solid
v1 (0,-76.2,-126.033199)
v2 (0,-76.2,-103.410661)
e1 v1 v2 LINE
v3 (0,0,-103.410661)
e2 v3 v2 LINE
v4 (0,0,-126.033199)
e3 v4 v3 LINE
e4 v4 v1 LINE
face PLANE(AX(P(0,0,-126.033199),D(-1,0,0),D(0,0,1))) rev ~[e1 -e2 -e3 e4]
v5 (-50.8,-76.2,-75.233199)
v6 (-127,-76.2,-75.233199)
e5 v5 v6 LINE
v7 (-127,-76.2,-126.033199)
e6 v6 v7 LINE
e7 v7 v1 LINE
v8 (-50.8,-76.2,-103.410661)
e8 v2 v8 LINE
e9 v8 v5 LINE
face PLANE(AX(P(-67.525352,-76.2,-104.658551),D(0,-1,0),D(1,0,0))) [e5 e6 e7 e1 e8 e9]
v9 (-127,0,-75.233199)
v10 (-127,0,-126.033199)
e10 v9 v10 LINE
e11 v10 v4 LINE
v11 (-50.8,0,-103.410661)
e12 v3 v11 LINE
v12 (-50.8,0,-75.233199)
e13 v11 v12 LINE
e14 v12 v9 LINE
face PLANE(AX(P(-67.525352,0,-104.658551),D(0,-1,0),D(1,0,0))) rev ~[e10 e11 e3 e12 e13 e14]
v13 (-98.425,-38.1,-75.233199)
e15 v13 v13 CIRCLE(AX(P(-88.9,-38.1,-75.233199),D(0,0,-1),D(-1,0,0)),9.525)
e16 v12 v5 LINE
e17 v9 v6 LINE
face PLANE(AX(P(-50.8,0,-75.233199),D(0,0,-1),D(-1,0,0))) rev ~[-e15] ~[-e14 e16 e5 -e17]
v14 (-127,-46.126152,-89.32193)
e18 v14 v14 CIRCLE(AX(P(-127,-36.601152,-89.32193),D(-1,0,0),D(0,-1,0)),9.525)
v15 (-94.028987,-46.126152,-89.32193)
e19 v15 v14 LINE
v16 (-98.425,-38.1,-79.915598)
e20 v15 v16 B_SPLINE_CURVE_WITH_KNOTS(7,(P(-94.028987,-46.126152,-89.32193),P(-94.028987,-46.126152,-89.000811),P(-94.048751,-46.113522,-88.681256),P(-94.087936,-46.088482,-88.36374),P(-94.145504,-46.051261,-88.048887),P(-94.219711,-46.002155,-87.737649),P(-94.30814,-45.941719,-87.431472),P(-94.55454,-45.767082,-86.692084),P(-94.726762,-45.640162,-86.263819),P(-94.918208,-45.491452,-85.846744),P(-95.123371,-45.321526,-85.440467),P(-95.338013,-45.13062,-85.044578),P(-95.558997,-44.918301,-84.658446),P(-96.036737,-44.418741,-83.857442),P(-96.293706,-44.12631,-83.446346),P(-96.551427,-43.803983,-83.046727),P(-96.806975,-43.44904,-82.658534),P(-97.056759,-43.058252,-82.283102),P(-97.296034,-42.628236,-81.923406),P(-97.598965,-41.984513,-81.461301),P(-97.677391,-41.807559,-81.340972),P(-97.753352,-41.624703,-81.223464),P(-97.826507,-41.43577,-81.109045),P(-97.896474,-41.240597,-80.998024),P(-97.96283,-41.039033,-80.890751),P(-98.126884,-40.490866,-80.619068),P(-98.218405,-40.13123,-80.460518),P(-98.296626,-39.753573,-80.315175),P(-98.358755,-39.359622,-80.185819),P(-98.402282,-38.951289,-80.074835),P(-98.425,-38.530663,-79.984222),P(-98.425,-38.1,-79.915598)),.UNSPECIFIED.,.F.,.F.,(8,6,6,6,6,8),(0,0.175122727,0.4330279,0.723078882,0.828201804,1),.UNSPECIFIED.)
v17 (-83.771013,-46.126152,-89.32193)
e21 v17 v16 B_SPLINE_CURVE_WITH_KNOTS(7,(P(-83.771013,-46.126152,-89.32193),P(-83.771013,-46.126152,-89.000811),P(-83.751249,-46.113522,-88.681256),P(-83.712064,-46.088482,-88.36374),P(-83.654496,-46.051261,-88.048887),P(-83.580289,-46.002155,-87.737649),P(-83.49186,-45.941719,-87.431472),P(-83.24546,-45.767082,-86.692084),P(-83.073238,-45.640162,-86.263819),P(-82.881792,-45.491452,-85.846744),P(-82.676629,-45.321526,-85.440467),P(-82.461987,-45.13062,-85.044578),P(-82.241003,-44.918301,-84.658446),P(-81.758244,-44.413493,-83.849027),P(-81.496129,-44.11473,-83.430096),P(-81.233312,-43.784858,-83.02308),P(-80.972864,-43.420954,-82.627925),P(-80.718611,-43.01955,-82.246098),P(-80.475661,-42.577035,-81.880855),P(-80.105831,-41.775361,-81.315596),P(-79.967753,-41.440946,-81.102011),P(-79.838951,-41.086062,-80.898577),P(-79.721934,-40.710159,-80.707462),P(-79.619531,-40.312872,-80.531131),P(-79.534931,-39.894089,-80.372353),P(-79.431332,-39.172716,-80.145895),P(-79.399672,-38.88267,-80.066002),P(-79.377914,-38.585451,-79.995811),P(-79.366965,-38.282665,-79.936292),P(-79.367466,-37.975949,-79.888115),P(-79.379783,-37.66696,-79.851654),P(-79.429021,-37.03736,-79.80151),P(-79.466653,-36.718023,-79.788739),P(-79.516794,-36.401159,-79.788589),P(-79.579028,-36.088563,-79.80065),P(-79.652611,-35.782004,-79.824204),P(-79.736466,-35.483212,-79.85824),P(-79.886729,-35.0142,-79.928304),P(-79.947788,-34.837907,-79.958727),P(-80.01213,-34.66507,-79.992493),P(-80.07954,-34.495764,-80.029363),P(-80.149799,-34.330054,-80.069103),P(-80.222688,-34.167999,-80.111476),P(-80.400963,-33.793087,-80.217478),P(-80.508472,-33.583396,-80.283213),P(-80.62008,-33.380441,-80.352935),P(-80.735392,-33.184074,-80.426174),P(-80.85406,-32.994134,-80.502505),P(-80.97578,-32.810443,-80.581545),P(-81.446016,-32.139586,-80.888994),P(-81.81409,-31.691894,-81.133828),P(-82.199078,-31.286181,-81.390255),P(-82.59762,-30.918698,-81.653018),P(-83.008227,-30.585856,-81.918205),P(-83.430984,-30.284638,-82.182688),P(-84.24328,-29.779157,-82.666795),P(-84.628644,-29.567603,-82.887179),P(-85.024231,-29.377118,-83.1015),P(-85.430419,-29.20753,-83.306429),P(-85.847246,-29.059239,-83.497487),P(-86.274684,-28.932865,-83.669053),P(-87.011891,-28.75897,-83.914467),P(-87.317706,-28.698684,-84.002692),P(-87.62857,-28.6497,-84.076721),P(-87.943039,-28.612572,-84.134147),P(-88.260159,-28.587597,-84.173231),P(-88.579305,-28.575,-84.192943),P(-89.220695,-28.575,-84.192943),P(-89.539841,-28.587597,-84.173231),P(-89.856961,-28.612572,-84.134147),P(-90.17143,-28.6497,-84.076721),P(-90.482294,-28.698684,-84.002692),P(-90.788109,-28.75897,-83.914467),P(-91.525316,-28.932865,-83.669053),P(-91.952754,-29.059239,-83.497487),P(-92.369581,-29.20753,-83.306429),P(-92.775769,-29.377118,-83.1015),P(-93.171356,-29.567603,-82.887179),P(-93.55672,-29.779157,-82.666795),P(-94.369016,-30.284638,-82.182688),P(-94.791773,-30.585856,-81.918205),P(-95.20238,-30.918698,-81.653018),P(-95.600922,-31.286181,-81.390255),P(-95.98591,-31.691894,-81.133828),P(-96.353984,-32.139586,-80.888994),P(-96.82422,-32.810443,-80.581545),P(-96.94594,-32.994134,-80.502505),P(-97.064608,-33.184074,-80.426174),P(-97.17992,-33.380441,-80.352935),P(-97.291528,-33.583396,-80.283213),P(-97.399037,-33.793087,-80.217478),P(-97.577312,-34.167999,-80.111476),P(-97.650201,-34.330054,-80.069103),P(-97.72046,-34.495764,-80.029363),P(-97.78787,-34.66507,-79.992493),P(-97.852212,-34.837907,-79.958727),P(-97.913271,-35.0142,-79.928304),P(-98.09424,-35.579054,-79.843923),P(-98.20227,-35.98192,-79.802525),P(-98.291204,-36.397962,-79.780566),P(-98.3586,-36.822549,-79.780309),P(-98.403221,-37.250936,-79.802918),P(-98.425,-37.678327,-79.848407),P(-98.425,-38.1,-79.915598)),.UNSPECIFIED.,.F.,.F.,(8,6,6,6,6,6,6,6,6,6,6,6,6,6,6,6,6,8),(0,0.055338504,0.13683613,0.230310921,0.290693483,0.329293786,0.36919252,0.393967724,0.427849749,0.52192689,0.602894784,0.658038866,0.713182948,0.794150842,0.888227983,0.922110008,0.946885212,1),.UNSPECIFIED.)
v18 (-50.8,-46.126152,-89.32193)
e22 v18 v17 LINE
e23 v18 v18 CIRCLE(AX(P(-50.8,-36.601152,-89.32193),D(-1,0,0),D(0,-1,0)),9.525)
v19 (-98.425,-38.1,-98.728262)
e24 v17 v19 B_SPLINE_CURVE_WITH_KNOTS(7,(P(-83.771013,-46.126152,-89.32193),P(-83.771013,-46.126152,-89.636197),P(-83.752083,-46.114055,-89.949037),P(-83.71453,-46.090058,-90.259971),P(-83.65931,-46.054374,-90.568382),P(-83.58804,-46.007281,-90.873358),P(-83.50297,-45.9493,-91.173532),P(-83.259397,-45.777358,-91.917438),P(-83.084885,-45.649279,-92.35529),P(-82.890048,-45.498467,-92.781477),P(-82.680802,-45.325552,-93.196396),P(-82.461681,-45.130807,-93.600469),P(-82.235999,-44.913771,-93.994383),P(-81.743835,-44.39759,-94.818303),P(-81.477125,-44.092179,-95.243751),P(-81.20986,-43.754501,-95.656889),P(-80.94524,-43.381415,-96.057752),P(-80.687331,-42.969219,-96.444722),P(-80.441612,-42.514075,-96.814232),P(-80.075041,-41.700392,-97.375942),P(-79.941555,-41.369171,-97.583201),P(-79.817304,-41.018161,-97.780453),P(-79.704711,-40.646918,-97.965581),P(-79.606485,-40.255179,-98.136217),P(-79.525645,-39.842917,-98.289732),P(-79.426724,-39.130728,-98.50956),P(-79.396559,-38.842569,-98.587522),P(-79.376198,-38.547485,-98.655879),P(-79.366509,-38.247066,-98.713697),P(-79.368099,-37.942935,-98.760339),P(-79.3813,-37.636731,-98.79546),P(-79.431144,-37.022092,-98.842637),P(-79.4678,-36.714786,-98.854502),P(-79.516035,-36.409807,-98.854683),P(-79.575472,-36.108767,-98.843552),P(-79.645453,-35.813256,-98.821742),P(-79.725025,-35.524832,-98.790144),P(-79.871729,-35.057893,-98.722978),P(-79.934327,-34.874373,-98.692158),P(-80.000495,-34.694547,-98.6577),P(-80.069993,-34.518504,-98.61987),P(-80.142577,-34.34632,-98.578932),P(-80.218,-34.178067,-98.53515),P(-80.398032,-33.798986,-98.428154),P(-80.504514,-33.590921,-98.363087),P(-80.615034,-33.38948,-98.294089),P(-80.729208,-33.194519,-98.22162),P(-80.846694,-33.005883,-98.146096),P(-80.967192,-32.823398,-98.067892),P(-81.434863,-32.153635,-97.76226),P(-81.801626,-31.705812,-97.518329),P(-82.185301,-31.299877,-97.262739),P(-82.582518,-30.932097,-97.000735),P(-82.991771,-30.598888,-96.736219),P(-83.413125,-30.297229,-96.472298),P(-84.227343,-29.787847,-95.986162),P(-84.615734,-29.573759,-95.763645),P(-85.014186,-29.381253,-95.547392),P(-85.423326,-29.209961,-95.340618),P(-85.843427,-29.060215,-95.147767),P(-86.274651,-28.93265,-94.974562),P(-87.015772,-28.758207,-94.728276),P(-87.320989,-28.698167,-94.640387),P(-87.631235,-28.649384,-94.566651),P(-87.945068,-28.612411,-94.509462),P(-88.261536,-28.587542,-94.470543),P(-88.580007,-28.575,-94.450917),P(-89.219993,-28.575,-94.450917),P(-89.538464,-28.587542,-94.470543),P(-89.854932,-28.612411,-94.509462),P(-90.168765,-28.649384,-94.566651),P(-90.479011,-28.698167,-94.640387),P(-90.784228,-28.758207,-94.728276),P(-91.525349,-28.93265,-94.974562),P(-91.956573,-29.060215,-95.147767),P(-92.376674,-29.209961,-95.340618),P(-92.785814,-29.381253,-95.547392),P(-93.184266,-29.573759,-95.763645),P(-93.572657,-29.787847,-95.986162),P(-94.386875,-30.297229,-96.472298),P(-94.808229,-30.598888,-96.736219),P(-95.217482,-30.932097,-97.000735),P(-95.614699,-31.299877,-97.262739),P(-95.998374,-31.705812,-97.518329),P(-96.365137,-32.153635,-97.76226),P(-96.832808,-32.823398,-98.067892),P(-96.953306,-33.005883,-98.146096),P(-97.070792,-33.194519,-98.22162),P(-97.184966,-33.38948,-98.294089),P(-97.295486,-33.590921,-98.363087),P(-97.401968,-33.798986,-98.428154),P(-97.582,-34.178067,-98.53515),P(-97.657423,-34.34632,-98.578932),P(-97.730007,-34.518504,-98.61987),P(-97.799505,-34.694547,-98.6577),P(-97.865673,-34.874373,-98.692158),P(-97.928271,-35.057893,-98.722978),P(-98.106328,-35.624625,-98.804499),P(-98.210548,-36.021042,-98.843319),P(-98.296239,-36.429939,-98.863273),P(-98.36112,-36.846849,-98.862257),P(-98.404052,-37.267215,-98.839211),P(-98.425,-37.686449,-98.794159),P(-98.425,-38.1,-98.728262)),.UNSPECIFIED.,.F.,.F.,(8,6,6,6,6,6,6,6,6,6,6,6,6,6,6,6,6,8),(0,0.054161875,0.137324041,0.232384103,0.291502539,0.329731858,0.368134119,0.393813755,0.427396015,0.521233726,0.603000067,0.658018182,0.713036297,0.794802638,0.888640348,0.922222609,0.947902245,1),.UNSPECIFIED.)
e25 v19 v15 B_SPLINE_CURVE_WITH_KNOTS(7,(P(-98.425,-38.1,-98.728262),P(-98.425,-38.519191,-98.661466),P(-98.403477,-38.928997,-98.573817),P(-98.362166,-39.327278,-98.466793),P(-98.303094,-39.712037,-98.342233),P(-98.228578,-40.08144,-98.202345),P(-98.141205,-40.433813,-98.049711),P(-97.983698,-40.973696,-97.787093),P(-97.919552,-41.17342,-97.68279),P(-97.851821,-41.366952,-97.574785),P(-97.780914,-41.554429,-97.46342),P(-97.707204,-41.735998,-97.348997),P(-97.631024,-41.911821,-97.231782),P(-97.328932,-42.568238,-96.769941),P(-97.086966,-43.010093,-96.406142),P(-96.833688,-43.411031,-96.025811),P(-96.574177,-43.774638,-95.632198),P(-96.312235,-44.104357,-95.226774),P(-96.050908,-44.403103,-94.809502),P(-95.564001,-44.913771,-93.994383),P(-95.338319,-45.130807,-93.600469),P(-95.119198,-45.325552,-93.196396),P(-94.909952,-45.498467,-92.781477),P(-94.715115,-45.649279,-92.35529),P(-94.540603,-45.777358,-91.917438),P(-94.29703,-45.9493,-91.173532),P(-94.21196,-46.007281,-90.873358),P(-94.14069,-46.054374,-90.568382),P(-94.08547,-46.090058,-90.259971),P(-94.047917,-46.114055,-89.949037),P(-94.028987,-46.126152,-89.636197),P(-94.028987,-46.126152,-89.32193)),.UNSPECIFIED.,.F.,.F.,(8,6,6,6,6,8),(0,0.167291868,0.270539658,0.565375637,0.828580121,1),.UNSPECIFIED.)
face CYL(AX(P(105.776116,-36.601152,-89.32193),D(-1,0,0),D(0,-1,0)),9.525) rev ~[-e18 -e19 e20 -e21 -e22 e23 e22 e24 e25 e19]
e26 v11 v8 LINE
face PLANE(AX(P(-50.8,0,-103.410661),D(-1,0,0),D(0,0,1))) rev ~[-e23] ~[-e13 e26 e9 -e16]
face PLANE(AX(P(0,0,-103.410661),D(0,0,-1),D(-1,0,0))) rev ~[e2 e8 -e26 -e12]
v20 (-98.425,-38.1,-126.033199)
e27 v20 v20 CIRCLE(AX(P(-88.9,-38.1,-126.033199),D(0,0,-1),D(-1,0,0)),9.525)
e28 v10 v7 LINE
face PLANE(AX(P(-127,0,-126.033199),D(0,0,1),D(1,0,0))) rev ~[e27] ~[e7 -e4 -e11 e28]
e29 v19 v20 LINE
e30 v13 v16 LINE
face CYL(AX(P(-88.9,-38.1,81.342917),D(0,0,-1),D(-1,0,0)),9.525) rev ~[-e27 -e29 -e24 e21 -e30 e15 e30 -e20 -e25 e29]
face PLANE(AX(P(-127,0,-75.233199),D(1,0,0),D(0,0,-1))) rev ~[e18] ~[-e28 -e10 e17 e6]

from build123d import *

# Parameters (mm, degrees)
F1_DEPTH = 76.2
F3_D     = 19.05
F5_D     = 19.05


with BuildPart() as f1:
    # F0 (on Front) → F1 (new body)
    with BuildSketch(Plane.XZ):
        Polygon((-50.8, -75.233199), (-127, -75.233199), (-127, -126.033199), (0, -126.033199), (0, -103.410661), (-50.8, -103.410661), align=None)
    extrude(amount=F1_DEPTH)

    # F3 (through all)
    with Locations(Plane.YZ.offset(-50.8)):
        with Locations((-36.601152, -89.32193)):
            Hole(F3_D / 2)

    # F5 (through all)
    with Locations(Plane.XY.offset(-75.233199)):
        with Locations((-88.9, -38.1)):
            Hole(F5_D / 2)


solid = f1.part
